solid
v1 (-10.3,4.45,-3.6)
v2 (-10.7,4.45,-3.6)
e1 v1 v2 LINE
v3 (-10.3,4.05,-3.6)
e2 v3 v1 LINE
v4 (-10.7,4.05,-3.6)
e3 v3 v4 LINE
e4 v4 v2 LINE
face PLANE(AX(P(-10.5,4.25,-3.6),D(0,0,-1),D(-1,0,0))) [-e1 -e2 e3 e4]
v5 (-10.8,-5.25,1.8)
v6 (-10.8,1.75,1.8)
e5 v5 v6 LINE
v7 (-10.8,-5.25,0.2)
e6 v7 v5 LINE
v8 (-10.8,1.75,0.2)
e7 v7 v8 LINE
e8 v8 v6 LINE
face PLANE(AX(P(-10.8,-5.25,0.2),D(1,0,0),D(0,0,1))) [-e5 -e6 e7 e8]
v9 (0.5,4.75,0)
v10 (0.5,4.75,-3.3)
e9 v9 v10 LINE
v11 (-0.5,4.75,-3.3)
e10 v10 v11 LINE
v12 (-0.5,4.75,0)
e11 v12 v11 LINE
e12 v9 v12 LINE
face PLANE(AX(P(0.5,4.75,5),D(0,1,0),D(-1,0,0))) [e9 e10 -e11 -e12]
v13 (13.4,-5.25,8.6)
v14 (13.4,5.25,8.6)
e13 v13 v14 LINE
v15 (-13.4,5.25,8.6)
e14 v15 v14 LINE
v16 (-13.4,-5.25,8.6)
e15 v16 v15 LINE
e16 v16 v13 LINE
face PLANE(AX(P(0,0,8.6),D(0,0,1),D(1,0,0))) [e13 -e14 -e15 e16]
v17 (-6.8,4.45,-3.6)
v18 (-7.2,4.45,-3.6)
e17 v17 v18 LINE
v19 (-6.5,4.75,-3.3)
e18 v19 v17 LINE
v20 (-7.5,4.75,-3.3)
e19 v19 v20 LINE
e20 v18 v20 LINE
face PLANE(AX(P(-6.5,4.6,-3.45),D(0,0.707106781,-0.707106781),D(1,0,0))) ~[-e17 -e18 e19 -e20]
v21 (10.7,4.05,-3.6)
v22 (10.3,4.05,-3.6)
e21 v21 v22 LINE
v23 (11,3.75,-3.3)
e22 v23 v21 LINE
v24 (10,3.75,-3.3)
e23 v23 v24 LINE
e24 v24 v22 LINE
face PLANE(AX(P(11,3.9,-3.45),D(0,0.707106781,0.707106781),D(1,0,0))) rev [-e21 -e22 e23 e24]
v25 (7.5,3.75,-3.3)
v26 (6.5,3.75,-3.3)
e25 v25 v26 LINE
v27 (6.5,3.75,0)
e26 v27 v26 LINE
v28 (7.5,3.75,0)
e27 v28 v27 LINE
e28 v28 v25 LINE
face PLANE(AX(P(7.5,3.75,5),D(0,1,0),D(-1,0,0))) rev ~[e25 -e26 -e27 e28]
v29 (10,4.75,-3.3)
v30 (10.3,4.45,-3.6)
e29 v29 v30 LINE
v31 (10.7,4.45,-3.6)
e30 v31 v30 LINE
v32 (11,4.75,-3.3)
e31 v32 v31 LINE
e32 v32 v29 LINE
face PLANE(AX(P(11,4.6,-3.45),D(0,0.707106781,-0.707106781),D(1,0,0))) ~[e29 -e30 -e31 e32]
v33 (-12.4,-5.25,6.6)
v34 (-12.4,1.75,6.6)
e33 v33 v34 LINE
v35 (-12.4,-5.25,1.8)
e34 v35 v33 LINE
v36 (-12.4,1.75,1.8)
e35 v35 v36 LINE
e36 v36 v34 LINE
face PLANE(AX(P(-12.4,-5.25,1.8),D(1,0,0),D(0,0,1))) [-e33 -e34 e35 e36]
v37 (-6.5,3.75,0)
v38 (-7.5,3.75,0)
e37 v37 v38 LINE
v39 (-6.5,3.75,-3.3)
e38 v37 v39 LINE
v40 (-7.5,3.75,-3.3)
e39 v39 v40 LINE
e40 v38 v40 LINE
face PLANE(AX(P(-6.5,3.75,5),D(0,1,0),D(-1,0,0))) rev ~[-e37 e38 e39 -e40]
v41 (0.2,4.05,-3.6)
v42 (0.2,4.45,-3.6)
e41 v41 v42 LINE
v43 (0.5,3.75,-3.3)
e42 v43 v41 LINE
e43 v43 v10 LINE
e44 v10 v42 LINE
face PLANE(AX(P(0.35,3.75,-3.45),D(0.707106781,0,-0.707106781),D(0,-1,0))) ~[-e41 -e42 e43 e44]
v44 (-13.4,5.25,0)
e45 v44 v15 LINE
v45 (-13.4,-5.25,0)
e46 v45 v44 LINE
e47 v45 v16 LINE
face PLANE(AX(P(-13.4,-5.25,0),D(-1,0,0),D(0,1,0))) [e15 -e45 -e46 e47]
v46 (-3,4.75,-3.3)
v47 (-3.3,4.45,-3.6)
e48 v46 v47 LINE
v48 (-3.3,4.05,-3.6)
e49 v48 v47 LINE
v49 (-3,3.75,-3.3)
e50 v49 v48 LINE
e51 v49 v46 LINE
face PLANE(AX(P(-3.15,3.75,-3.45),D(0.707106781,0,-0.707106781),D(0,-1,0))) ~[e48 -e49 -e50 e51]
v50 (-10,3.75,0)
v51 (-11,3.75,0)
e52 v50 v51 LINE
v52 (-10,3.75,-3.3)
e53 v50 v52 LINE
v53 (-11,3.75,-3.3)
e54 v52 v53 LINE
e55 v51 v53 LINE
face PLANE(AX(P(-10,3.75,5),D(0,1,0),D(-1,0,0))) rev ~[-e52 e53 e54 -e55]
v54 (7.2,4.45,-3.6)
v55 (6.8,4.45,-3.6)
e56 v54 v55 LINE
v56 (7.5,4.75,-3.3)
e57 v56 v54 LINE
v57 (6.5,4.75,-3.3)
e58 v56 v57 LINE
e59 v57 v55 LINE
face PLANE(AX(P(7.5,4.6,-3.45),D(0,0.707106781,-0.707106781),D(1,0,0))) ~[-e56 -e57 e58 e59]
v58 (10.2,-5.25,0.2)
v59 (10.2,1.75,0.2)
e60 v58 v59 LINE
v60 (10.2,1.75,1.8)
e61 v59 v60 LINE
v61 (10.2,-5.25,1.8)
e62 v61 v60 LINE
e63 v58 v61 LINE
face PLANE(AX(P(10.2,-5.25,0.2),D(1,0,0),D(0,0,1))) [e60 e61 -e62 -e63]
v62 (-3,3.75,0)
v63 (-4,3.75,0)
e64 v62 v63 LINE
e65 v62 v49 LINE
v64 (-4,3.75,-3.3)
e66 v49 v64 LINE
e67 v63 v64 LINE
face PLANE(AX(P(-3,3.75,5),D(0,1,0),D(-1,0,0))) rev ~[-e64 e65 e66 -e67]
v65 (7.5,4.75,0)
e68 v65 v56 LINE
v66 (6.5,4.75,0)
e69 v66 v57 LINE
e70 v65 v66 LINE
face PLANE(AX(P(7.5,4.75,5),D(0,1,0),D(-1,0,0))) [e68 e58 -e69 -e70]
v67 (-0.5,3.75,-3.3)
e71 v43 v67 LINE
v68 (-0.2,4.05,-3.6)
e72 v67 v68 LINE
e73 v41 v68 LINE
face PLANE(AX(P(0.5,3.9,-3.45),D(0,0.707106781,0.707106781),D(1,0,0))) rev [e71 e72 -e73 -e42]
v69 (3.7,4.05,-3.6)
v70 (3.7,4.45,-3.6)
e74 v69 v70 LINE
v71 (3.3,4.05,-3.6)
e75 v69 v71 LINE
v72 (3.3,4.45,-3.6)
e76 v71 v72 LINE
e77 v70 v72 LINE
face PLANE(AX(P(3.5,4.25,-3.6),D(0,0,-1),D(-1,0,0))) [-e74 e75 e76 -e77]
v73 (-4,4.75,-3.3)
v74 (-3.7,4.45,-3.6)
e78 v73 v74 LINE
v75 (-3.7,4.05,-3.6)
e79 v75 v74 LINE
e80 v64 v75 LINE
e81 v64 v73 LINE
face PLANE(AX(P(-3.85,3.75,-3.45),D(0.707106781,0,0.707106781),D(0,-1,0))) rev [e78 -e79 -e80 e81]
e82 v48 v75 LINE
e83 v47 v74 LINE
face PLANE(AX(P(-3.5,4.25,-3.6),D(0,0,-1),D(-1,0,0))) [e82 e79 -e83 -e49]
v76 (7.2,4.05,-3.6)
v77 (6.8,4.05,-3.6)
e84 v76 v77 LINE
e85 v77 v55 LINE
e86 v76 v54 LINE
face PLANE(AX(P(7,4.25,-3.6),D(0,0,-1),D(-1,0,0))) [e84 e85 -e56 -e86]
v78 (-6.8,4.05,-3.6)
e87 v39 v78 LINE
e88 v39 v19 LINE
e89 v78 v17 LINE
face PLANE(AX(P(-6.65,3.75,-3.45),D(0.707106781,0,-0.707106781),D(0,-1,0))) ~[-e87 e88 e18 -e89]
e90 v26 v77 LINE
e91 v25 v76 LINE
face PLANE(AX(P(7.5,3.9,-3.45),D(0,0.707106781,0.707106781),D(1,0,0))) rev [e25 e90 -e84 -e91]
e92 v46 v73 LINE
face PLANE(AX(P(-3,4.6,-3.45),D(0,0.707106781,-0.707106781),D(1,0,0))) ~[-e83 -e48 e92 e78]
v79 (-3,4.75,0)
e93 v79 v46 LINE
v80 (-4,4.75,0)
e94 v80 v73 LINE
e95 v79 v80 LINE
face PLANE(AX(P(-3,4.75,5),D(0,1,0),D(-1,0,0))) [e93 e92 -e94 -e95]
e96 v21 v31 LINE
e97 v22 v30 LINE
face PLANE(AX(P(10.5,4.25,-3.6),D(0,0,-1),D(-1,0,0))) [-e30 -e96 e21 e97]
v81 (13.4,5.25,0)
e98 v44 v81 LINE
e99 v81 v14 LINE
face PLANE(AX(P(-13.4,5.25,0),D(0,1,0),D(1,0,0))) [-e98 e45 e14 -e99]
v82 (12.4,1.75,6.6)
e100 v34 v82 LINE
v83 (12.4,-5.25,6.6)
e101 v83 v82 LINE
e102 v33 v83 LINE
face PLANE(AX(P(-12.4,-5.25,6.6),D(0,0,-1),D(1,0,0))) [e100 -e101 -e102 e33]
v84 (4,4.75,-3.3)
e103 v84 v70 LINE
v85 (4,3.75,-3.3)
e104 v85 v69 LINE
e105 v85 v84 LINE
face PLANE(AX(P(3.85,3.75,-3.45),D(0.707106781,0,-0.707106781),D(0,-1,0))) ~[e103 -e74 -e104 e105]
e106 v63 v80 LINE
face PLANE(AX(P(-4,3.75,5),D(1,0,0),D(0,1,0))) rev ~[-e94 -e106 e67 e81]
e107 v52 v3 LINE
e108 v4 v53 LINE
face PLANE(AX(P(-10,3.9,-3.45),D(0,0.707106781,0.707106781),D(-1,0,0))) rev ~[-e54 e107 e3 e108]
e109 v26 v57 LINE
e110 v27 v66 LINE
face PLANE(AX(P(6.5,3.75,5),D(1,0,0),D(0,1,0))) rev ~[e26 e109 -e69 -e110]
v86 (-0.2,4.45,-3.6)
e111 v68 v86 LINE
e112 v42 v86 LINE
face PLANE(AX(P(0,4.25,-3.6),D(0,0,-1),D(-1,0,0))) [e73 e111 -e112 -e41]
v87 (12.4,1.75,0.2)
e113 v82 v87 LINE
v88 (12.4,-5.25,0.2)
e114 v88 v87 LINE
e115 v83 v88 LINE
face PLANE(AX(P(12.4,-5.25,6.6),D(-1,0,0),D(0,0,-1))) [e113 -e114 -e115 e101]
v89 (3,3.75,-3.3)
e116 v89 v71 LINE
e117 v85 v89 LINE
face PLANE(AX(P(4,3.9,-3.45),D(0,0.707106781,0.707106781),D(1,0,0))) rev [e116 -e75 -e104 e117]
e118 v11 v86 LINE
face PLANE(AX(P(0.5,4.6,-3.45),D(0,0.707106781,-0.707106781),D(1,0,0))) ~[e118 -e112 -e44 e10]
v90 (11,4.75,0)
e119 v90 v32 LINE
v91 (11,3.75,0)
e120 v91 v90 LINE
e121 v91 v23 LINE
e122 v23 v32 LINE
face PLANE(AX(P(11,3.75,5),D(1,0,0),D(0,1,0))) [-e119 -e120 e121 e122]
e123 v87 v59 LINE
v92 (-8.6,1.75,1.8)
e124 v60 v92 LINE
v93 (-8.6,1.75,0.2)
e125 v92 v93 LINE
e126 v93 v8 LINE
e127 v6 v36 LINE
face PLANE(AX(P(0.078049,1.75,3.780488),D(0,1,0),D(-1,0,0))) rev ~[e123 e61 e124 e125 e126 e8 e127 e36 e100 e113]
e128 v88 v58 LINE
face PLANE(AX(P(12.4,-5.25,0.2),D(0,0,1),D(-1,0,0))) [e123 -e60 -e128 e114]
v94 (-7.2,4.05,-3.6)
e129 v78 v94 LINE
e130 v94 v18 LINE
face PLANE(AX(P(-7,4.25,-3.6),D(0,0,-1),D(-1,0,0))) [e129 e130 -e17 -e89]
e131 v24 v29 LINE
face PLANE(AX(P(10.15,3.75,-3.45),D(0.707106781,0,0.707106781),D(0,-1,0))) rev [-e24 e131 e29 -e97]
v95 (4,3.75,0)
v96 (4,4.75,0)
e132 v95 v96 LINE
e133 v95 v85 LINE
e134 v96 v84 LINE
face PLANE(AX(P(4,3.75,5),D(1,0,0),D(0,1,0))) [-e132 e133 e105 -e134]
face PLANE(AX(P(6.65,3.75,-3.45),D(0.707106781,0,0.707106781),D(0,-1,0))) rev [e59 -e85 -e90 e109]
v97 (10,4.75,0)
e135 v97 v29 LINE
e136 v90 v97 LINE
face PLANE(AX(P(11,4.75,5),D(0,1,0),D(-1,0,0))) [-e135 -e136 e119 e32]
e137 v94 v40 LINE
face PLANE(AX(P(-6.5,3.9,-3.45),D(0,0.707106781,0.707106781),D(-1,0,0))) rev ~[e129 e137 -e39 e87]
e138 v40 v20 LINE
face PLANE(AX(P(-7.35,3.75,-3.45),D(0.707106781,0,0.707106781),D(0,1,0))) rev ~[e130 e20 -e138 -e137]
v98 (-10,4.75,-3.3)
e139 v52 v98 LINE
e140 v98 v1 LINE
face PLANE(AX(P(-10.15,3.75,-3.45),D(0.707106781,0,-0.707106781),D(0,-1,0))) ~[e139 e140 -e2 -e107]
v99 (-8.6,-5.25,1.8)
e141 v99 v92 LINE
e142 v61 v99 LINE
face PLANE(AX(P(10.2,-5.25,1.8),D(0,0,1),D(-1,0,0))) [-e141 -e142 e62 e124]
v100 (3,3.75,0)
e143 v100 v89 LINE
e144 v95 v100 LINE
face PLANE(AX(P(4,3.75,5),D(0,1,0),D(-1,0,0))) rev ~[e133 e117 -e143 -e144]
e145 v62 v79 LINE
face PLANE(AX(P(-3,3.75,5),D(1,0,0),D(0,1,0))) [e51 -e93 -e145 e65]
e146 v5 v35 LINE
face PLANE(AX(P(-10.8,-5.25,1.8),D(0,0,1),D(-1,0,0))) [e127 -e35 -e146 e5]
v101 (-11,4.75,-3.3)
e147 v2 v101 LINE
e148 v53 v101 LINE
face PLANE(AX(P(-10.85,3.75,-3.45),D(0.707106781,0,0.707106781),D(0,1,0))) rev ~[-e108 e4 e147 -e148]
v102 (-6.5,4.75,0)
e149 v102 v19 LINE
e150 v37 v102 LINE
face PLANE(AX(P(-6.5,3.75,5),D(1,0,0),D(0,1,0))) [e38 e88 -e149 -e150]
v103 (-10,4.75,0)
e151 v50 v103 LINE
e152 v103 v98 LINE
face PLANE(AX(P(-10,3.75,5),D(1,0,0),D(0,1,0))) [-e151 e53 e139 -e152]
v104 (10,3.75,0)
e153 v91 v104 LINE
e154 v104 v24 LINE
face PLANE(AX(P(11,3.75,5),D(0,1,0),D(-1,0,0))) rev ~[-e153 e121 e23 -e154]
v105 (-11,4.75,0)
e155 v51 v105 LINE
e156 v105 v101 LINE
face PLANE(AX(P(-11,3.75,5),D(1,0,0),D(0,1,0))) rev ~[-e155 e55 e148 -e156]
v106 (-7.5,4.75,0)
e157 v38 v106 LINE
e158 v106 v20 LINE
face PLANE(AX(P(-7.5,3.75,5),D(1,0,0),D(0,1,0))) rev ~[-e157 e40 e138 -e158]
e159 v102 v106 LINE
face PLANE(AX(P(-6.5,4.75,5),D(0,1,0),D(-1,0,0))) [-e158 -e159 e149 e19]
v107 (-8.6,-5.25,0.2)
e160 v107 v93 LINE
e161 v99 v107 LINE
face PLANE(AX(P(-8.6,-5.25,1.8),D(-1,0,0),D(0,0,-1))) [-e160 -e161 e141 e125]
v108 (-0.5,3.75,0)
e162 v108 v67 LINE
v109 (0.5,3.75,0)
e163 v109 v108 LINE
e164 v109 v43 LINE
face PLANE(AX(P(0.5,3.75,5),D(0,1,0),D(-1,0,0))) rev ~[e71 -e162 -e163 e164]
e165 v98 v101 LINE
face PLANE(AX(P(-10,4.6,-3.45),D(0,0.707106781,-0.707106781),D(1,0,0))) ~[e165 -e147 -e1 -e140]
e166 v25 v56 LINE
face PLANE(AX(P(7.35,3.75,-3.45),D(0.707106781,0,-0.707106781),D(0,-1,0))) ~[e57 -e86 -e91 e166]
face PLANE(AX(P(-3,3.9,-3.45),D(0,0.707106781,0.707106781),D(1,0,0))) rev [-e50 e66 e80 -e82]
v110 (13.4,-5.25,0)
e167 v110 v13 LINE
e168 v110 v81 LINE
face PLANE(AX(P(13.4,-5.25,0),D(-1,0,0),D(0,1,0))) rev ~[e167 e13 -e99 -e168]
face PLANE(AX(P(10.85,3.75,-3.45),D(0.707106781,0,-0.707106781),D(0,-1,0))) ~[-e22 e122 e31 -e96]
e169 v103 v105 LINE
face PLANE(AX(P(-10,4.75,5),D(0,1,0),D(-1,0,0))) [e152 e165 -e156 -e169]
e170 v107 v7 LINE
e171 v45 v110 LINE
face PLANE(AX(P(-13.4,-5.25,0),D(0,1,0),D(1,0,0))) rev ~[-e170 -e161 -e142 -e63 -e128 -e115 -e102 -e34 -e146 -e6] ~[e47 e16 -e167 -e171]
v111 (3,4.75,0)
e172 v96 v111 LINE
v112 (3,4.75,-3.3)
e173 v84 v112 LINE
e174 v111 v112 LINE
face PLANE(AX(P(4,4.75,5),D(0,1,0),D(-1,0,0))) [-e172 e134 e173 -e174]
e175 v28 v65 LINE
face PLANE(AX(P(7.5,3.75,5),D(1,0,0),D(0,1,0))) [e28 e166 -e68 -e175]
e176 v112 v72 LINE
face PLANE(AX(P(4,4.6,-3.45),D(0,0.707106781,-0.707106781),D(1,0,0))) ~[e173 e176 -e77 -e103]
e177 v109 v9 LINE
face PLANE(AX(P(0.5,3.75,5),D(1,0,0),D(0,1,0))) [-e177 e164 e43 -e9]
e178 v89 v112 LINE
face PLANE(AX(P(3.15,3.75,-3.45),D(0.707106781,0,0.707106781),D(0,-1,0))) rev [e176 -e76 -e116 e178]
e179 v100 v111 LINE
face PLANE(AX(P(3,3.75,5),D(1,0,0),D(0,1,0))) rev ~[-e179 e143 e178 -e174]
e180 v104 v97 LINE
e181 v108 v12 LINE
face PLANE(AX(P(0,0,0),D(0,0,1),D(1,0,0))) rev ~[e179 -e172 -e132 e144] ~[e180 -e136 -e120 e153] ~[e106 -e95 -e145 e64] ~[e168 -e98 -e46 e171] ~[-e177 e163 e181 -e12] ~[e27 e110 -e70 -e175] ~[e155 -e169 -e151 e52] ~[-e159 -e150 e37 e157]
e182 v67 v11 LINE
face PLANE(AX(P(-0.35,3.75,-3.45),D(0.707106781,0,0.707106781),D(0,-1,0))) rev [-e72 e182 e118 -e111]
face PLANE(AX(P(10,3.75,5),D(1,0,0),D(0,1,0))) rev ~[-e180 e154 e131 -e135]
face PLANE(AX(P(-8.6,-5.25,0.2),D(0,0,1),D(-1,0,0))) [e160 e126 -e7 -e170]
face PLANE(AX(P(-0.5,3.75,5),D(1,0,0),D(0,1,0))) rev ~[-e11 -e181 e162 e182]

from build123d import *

# Parameters (mm, degrees)
SKETCH_1_W                         = 26.8
SKETCH_1_H                         = 10.5
EXTRUDE_1_DEPTH                    = 8.6
CUT_EXTRUDE_1_DEPTH                = 7
EXTRUDE_START                      = -5
SKETCH_3_W                         = 1
SKETCH_3_H                         = 1
EXTRUDE_2_DEPTH                    = 8.6
CHAMFER_1_SIZE                     = 0.3
PATTERN_LINEAR_1_COUNT             = 7
PATTERN_LINEAR_1_PITCH             = 3.5
CHAMFER_1_OF_PATTERN_LINEAR_1_SIZE = 0.3


with BuildPart() as part:
    # Эскиз1 → Бобышка-Вытянуть1 (new body)
    with BuildSketch(Plane.XY):
        Rectangle(SKETCH_1_W, SKETCH_1_H)
    extrude(amount=EXTRUDE_1_DEPTH)

    # Эскиз2 → Вырез-Вытянуть1 (cut)
    with BuildSketch(Plane.XZ.offset(5.25)):
        Polygon((-12.4, 6.6), (12.4, 6.6), (12.4, 0.2), (10.2, 0.2), (10.2, 1.8), (-8.6, 1.8), (-8.6, 0.2), (-10.8, 0.2), (-10.8, 1.8), (-12.4, 1.8), align=None)
    extrude(amount=-CUT_EXTRUDE_1_DEPTH, mode=Mode.SUBTRACT)

    # Эскиз3 → Бобышка-Вытянуть2 (add)
    with BuildSketch(Plane(origin=(0, 0, 0), x_dir=(-1, 0, 0), z_dir=(0, 0, -1)).offset(EXTRUDE_START)):
        with Locations((10.5, 4.25)):
            Rectangle(SKETCH_3_W, SKETCH_3_H)
    extrude_2 = extrude(amount=EXTRUDE_2_DEPTH)

    # Фаска1
    chamfer_1_edges = [part.edges().sort_by_distance(p)[0] for p in [
        (-10, 4.25, -3.6),
        (-10.5, 3.75, -3.6),
        (-11, 4.25, -3.6),
        (-10.5, 4.75, -3.6),
    ]]
    chamfer(chamfer_1_edges, length=CHAMFER_1_SIZE)

    # Линейный массив1: Бобышка-Вытянуть2 ×7
    with Locations(*[(i * PATTERN_LINEAR_1_PITCH, 0, 0) for i in range(1, PATTERN_LINEAR_1_COUNT)]):
        add(extrude_2)

    # Фаска1 of Линейный массив1
    chamfer_1_of_pattern_linear_1_edges = [part.edges().sort_by_distance(p)[0] for p in [
        (-6.5, 4.25, -3.6),
        (-7, 3.75, -3.6),
        (-7.5, 4.25, -3.6),
        (-7, 4.75, -3.6),
        (-3, 4.25, -3.6),
        (-3.5, 3.75, -3.6),
        (-4, 4.25, -3.6),
        (-3.5, 4.75, -3.6),
        (0.5, 4.25, -3.6),
        (0, 3.75, -3.6),
        (-0.5, 4.25, -3.6),
        (0, 4.75, -3.6),
        (4, 4.25, -3.6),
        (3.5, 3.75, -3.6),
        (3, 4.25, -3.6),
        (3.5, 4.75, -3.6),
        (7.5, 4.25, -3.6),
        (7, 3.75, -3.6),
        (6.5, 4.25, -3.6),
        (7, 4.75, -3.6),
        (11, 4.25, -3.6),
        (10.5, 3.75, -3.6),
        (10, 4.25, -3.6),
        (10.5, 4.75, -3.6),
    ]]
    chamfer(chamfer_1_of_pattern_linear_1_edges, length=CHAMFER_1_OF_PATTERN_LINEAR_1_SIZE)


solid = part.part
